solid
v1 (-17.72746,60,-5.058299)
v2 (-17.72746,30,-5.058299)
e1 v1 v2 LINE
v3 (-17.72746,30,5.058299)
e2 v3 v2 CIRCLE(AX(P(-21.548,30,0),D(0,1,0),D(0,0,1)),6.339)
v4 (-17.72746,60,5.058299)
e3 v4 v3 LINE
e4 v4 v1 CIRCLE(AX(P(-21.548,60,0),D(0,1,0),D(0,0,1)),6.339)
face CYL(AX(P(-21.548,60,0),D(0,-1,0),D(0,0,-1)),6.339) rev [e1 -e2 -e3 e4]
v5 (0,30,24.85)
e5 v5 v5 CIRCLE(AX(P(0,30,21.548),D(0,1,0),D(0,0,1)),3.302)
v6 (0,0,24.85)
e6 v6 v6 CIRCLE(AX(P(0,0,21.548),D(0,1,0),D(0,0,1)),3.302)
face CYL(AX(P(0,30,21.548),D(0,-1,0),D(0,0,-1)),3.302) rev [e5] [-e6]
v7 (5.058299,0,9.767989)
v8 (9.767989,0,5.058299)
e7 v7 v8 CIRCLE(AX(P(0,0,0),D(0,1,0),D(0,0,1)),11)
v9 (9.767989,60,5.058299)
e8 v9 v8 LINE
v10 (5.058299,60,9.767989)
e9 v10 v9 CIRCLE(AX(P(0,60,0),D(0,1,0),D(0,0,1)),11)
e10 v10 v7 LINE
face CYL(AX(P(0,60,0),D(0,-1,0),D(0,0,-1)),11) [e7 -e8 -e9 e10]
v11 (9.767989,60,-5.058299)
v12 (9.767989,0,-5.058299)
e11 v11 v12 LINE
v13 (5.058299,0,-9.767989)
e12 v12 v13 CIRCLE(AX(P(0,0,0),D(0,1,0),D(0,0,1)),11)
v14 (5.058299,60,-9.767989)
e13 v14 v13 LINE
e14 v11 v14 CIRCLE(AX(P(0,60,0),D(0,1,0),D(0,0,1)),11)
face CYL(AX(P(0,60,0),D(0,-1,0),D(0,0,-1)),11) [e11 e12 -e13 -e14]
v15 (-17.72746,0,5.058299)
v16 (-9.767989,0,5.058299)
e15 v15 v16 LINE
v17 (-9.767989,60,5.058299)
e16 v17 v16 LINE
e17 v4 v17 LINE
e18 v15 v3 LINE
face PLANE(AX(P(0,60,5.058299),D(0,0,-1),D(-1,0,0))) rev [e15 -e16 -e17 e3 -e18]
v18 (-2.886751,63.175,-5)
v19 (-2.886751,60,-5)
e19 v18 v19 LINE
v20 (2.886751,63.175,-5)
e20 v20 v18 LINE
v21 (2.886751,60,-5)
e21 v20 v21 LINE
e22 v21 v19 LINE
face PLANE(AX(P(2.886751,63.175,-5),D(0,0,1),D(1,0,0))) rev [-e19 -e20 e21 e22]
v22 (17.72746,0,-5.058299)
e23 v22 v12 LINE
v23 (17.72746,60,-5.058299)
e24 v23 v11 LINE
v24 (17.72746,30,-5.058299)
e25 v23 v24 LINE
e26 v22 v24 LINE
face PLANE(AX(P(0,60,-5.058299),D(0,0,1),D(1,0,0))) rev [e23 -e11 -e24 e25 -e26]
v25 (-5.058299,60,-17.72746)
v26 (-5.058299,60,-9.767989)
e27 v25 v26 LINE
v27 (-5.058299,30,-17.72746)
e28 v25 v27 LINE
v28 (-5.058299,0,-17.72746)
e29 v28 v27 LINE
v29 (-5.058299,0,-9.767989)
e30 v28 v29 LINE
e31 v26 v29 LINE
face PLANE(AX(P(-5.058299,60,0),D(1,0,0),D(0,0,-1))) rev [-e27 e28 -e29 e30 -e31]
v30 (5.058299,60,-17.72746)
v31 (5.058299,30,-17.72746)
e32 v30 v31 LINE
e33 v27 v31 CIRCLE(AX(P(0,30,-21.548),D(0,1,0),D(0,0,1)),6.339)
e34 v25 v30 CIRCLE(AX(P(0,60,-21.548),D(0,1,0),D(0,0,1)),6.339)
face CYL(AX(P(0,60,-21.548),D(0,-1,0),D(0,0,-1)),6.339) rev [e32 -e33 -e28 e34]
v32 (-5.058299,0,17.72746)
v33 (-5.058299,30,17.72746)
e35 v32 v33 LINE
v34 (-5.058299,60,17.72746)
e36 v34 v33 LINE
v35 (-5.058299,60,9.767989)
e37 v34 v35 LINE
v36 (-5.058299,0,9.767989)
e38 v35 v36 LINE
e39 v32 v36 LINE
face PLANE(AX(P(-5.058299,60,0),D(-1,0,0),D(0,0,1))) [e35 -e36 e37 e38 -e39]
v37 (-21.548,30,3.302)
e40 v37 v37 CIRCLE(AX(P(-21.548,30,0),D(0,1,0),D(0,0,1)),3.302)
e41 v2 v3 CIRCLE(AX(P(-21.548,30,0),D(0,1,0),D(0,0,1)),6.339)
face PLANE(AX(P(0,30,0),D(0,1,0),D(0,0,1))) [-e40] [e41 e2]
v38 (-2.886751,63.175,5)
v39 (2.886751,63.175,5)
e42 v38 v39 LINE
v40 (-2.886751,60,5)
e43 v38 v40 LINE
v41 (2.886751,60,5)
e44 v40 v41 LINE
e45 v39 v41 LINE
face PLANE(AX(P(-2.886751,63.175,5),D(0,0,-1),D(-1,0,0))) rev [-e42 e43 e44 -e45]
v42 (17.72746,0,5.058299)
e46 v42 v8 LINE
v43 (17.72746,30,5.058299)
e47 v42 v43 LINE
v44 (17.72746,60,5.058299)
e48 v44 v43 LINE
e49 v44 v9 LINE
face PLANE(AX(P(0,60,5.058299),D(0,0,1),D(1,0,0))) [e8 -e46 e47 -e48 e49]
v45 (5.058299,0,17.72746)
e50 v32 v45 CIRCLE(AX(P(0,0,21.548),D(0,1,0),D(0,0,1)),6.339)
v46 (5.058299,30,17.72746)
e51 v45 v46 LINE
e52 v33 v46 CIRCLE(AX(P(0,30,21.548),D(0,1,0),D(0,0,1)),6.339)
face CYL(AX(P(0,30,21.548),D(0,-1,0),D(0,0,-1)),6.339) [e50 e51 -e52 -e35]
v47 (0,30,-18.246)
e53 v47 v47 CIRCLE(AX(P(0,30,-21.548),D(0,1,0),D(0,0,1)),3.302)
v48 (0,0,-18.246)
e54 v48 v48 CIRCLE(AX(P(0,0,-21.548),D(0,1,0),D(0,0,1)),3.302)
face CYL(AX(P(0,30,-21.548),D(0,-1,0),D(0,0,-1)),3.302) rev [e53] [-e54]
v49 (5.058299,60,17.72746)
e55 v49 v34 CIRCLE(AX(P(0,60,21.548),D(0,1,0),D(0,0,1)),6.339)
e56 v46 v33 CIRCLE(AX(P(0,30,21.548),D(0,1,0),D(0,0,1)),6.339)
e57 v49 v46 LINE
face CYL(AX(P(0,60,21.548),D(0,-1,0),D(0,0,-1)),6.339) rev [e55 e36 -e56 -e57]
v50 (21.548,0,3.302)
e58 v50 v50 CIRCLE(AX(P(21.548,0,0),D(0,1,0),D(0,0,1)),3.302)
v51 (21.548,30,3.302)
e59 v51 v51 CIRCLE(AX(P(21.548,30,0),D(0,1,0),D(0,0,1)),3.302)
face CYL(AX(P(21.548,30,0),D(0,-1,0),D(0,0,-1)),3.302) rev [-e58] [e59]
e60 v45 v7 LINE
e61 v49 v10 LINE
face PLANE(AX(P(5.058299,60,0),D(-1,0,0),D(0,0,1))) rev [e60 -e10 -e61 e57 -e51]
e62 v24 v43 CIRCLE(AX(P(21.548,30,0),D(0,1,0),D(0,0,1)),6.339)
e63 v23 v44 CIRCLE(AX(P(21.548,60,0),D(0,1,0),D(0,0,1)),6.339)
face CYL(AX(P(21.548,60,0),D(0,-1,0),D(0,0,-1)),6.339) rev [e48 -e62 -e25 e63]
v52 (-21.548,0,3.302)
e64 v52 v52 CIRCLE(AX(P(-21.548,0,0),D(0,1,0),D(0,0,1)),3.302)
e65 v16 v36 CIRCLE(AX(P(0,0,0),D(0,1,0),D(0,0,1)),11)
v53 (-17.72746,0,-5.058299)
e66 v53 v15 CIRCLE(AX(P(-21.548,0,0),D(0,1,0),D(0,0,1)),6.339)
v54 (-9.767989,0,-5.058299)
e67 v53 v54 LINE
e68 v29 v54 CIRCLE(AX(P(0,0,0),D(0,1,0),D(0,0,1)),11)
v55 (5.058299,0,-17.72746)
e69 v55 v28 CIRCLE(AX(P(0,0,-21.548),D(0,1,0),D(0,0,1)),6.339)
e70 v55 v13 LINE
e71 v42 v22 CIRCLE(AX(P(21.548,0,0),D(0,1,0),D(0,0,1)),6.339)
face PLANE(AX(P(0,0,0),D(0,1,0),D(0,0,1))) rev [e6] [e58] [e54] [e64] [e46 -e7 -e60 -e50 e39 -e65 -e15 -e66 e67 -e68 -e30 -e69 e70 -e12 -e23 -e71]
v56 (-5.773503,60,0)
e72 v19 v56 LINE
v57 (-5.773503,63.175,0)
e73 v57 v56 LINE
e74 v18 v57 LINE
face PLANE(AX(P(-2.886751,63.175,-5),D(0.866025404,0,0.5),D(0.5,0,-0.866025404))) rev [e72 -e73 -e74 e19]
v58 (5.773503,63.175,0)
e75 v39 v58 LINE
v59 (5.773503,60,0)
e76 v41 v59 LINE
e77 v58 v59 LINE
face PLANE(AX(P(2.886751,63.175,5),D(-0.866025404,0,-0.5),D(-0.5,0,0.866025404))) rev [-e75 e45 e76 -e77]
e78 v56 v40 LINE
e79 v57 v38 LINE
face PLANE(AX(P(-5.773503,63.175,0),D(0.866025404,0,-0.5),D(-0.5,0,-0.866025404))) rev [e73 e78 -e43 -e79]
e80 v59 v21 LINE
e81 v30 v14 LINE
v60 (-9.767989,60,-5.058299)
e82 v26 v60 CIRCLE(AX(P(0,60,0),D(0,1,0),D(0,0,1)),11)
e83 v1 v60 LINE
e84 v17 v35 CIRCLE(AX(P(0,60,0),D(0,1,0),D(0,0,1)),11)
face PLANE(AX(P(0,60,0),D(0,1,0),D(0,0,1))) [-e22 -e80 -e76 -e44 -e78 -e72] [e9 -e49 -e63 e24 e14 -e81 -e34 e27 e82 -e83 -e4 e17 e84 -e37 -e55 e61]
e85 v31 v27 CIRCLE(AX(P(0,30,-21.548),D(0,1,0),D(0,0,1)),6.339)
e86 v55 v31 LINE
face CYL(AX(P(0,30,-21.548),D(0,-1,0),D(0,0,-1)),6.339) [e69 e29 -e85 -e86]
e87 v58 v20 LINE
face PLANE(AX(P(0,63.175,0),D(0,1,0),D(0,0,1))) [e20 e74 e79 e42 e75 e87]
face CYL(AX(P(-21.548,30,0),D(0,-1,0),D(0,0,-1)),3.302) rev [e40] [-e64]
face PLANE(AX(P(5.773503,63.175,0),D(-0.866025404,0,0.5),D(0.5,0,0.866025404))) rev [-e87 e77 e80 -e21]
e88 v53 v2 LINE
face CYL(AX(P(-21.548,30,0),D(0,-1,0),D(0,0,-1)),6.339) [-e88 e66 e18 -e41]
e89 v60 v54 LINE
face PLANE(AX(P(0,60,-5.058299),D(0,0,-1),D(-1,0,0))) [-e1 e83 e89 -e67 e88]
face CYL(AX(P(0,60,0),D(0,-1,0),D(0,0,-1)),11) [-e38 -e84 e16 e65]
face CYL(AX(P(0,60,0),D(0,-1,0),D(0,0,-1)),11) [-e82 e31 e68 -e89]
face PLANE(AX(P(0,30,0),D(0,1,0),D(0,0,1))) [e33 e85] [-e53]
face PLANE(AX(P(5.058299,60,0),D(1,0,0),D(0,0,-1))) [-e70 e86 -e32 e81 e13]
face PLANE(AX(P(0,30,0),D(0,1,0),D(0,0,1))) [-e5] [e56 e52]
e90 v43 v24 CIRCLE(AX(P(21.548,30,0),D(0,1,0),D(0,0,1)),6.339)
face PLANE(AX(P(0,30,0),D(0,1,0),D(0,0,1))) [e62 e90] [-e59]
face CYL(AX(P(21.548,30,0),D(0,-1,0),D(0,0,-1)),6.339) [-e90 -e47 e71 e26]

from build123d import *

# Parameters (mm, degrees)
BOSS_EXTRUDE1_DEPTH = 60
SKETCH1_3_R         = 6.339
SKETCH1_3_R_2       = 3.302
BOSS_EXTRUDE2_DEPTH = 30
BOSS_EXTRUDE3_DEPTH = 3.175


with BuildPart() as part:
    # Sketch1 → Boss-Extrude1 (new body)
    with BuildSketch(Plane(origin=(0, 0, 0), x_dir=(1, 0, 0), z_dir=(0, 1, 0))):
        with BuildLine():
            ThreePointArc((17.727459811, -5.058299483), (15.209, 0), (17.727459811, 5.058299483))
            Line((17.727459811, 5.058299483), (9.767988858, 5.058299483))
            ThreePointArc((9.767988858, 5.058299483), (7.778174593, 7.778174593), (5.058299483, 9.767988858))
            Line((5.058299483, 9.767988858), (5.058299483, 17.727459811))
            ThreePointArc((5.058299483, 17.727459811), (0, 15.209), (-5.058299483, 17.727459811))
            Line((-5.058299483, 17.727459811), (-5.058299483, 9.767988858))
            ThreePointArc((-5.058299483, 9.767988858), (-7.778174593, 7.778174593), (-9.767988858, 5.058299483))
            Line((-9.767988858, 5.058299483), (-17.727459811, 5.058299483))
            ThreePointArc((-17.727459811, 5.058299483), (-15.209, 0), (-17.727459811, -5.058299483))
            Line((-17.727459811, -5.058299483), (-9.767988858, -5.058299483))
            ThreePointArc((-9.767988858, -5.058299483), (-7.778174593, -7.778174593), (-5.058299483, -9.767988858))
            Line((-5.058299483, -9.767988858), (-5.058299483, -17.727459811))
            ThreePointArc((-5.058299483, -17.727459811), (0, -15.209), (5.058299483, -17.727459811))
            Line((5.058299483, -17.727459811), (5.058299483, -9.767988858))
            ThreePointArc((5.058299483, -9.767988858), (7.778174593, -7.778174593), (9.767988858, -5.058299483))
            Line((9.767988858, -5.058299483), (17.727459811, -5.058299483))
        make_face()
    extrude(amount=BOSS_EXTRUDE1_DEPTH)

    # Sketch1<3> → Boss-Extrude2 (add)
    # profile 1 of 4: a face of its own
    with BuildSketch(Plane(origin=(0, 0, 0), x_dir=(1, 0, 0), z_dir=(0, 1, 0))):
        with Locations((21.548, 0)):
            Circle(SKETCH1_3_R)
        with Locations((21.548, 0)):
            Circle(SKETCH1_3_R_2, mode=Mode.SUBTRACT)
    # profile 2 of 4: a face of its own
    with BuildSketch(Plane(origin=(0, 0, 0), x_dir=(1, 0, 0), z_dir=(0, 1, 0))):
        with Locations((0, 21.548)):
            Circle(SKETCH1_3_R)
        with Locations((0, 21.548)):
            Circle(SKETCH1_3_R_2, mode=Mode.SUBTRACT)
    # profile 3 of 4: a face of its own
    with BuildSketch(Plane(origin=(0, 0, 0), x_dir=(1, 0, 0), z_dir=(0, 1, 0))):
        with Locations((0, -21.548)):
            Circle(SKETCH1_3_R)
        with Locations((0, -21.548)):
            Circle(SKETCH1_3_R_2, mode=Mode.SUBTRACT)
    # profile 4 of 4: a face of its own
    with BuildSketch(Plane(origin=(0, 0, 0), x_dir=(1, 0, 0), z_dir=(0, 1, 0))):
        with Locations((-21.548, 0)):
            Circle(SKETCH1_3_R)
        with Locations((-21.548, 0)):
            Circle(SKETCH1_3_R_2, mode=Mode.SUBTRACT)
    extrude(amount=BOSS_EXTRUDE2_DEPTH)

    # Sketch2 → Boss-Extrude3 (add)
    with BuildSketch(Plane(origin=(0, 60, 0), x_dir=(1, 0, 0), z_dir=(0, 1, 0))):
        Polygon((5.773502692, 0), (2.886751346, 5), (-2.886751346, 5), (-5.773502692, 0), (-2.886751346, -5), (2.886751346, -5), align=None)
    extrude(amount=BOSS_EXTRUDE3_DEPTH)


solid = part.part
